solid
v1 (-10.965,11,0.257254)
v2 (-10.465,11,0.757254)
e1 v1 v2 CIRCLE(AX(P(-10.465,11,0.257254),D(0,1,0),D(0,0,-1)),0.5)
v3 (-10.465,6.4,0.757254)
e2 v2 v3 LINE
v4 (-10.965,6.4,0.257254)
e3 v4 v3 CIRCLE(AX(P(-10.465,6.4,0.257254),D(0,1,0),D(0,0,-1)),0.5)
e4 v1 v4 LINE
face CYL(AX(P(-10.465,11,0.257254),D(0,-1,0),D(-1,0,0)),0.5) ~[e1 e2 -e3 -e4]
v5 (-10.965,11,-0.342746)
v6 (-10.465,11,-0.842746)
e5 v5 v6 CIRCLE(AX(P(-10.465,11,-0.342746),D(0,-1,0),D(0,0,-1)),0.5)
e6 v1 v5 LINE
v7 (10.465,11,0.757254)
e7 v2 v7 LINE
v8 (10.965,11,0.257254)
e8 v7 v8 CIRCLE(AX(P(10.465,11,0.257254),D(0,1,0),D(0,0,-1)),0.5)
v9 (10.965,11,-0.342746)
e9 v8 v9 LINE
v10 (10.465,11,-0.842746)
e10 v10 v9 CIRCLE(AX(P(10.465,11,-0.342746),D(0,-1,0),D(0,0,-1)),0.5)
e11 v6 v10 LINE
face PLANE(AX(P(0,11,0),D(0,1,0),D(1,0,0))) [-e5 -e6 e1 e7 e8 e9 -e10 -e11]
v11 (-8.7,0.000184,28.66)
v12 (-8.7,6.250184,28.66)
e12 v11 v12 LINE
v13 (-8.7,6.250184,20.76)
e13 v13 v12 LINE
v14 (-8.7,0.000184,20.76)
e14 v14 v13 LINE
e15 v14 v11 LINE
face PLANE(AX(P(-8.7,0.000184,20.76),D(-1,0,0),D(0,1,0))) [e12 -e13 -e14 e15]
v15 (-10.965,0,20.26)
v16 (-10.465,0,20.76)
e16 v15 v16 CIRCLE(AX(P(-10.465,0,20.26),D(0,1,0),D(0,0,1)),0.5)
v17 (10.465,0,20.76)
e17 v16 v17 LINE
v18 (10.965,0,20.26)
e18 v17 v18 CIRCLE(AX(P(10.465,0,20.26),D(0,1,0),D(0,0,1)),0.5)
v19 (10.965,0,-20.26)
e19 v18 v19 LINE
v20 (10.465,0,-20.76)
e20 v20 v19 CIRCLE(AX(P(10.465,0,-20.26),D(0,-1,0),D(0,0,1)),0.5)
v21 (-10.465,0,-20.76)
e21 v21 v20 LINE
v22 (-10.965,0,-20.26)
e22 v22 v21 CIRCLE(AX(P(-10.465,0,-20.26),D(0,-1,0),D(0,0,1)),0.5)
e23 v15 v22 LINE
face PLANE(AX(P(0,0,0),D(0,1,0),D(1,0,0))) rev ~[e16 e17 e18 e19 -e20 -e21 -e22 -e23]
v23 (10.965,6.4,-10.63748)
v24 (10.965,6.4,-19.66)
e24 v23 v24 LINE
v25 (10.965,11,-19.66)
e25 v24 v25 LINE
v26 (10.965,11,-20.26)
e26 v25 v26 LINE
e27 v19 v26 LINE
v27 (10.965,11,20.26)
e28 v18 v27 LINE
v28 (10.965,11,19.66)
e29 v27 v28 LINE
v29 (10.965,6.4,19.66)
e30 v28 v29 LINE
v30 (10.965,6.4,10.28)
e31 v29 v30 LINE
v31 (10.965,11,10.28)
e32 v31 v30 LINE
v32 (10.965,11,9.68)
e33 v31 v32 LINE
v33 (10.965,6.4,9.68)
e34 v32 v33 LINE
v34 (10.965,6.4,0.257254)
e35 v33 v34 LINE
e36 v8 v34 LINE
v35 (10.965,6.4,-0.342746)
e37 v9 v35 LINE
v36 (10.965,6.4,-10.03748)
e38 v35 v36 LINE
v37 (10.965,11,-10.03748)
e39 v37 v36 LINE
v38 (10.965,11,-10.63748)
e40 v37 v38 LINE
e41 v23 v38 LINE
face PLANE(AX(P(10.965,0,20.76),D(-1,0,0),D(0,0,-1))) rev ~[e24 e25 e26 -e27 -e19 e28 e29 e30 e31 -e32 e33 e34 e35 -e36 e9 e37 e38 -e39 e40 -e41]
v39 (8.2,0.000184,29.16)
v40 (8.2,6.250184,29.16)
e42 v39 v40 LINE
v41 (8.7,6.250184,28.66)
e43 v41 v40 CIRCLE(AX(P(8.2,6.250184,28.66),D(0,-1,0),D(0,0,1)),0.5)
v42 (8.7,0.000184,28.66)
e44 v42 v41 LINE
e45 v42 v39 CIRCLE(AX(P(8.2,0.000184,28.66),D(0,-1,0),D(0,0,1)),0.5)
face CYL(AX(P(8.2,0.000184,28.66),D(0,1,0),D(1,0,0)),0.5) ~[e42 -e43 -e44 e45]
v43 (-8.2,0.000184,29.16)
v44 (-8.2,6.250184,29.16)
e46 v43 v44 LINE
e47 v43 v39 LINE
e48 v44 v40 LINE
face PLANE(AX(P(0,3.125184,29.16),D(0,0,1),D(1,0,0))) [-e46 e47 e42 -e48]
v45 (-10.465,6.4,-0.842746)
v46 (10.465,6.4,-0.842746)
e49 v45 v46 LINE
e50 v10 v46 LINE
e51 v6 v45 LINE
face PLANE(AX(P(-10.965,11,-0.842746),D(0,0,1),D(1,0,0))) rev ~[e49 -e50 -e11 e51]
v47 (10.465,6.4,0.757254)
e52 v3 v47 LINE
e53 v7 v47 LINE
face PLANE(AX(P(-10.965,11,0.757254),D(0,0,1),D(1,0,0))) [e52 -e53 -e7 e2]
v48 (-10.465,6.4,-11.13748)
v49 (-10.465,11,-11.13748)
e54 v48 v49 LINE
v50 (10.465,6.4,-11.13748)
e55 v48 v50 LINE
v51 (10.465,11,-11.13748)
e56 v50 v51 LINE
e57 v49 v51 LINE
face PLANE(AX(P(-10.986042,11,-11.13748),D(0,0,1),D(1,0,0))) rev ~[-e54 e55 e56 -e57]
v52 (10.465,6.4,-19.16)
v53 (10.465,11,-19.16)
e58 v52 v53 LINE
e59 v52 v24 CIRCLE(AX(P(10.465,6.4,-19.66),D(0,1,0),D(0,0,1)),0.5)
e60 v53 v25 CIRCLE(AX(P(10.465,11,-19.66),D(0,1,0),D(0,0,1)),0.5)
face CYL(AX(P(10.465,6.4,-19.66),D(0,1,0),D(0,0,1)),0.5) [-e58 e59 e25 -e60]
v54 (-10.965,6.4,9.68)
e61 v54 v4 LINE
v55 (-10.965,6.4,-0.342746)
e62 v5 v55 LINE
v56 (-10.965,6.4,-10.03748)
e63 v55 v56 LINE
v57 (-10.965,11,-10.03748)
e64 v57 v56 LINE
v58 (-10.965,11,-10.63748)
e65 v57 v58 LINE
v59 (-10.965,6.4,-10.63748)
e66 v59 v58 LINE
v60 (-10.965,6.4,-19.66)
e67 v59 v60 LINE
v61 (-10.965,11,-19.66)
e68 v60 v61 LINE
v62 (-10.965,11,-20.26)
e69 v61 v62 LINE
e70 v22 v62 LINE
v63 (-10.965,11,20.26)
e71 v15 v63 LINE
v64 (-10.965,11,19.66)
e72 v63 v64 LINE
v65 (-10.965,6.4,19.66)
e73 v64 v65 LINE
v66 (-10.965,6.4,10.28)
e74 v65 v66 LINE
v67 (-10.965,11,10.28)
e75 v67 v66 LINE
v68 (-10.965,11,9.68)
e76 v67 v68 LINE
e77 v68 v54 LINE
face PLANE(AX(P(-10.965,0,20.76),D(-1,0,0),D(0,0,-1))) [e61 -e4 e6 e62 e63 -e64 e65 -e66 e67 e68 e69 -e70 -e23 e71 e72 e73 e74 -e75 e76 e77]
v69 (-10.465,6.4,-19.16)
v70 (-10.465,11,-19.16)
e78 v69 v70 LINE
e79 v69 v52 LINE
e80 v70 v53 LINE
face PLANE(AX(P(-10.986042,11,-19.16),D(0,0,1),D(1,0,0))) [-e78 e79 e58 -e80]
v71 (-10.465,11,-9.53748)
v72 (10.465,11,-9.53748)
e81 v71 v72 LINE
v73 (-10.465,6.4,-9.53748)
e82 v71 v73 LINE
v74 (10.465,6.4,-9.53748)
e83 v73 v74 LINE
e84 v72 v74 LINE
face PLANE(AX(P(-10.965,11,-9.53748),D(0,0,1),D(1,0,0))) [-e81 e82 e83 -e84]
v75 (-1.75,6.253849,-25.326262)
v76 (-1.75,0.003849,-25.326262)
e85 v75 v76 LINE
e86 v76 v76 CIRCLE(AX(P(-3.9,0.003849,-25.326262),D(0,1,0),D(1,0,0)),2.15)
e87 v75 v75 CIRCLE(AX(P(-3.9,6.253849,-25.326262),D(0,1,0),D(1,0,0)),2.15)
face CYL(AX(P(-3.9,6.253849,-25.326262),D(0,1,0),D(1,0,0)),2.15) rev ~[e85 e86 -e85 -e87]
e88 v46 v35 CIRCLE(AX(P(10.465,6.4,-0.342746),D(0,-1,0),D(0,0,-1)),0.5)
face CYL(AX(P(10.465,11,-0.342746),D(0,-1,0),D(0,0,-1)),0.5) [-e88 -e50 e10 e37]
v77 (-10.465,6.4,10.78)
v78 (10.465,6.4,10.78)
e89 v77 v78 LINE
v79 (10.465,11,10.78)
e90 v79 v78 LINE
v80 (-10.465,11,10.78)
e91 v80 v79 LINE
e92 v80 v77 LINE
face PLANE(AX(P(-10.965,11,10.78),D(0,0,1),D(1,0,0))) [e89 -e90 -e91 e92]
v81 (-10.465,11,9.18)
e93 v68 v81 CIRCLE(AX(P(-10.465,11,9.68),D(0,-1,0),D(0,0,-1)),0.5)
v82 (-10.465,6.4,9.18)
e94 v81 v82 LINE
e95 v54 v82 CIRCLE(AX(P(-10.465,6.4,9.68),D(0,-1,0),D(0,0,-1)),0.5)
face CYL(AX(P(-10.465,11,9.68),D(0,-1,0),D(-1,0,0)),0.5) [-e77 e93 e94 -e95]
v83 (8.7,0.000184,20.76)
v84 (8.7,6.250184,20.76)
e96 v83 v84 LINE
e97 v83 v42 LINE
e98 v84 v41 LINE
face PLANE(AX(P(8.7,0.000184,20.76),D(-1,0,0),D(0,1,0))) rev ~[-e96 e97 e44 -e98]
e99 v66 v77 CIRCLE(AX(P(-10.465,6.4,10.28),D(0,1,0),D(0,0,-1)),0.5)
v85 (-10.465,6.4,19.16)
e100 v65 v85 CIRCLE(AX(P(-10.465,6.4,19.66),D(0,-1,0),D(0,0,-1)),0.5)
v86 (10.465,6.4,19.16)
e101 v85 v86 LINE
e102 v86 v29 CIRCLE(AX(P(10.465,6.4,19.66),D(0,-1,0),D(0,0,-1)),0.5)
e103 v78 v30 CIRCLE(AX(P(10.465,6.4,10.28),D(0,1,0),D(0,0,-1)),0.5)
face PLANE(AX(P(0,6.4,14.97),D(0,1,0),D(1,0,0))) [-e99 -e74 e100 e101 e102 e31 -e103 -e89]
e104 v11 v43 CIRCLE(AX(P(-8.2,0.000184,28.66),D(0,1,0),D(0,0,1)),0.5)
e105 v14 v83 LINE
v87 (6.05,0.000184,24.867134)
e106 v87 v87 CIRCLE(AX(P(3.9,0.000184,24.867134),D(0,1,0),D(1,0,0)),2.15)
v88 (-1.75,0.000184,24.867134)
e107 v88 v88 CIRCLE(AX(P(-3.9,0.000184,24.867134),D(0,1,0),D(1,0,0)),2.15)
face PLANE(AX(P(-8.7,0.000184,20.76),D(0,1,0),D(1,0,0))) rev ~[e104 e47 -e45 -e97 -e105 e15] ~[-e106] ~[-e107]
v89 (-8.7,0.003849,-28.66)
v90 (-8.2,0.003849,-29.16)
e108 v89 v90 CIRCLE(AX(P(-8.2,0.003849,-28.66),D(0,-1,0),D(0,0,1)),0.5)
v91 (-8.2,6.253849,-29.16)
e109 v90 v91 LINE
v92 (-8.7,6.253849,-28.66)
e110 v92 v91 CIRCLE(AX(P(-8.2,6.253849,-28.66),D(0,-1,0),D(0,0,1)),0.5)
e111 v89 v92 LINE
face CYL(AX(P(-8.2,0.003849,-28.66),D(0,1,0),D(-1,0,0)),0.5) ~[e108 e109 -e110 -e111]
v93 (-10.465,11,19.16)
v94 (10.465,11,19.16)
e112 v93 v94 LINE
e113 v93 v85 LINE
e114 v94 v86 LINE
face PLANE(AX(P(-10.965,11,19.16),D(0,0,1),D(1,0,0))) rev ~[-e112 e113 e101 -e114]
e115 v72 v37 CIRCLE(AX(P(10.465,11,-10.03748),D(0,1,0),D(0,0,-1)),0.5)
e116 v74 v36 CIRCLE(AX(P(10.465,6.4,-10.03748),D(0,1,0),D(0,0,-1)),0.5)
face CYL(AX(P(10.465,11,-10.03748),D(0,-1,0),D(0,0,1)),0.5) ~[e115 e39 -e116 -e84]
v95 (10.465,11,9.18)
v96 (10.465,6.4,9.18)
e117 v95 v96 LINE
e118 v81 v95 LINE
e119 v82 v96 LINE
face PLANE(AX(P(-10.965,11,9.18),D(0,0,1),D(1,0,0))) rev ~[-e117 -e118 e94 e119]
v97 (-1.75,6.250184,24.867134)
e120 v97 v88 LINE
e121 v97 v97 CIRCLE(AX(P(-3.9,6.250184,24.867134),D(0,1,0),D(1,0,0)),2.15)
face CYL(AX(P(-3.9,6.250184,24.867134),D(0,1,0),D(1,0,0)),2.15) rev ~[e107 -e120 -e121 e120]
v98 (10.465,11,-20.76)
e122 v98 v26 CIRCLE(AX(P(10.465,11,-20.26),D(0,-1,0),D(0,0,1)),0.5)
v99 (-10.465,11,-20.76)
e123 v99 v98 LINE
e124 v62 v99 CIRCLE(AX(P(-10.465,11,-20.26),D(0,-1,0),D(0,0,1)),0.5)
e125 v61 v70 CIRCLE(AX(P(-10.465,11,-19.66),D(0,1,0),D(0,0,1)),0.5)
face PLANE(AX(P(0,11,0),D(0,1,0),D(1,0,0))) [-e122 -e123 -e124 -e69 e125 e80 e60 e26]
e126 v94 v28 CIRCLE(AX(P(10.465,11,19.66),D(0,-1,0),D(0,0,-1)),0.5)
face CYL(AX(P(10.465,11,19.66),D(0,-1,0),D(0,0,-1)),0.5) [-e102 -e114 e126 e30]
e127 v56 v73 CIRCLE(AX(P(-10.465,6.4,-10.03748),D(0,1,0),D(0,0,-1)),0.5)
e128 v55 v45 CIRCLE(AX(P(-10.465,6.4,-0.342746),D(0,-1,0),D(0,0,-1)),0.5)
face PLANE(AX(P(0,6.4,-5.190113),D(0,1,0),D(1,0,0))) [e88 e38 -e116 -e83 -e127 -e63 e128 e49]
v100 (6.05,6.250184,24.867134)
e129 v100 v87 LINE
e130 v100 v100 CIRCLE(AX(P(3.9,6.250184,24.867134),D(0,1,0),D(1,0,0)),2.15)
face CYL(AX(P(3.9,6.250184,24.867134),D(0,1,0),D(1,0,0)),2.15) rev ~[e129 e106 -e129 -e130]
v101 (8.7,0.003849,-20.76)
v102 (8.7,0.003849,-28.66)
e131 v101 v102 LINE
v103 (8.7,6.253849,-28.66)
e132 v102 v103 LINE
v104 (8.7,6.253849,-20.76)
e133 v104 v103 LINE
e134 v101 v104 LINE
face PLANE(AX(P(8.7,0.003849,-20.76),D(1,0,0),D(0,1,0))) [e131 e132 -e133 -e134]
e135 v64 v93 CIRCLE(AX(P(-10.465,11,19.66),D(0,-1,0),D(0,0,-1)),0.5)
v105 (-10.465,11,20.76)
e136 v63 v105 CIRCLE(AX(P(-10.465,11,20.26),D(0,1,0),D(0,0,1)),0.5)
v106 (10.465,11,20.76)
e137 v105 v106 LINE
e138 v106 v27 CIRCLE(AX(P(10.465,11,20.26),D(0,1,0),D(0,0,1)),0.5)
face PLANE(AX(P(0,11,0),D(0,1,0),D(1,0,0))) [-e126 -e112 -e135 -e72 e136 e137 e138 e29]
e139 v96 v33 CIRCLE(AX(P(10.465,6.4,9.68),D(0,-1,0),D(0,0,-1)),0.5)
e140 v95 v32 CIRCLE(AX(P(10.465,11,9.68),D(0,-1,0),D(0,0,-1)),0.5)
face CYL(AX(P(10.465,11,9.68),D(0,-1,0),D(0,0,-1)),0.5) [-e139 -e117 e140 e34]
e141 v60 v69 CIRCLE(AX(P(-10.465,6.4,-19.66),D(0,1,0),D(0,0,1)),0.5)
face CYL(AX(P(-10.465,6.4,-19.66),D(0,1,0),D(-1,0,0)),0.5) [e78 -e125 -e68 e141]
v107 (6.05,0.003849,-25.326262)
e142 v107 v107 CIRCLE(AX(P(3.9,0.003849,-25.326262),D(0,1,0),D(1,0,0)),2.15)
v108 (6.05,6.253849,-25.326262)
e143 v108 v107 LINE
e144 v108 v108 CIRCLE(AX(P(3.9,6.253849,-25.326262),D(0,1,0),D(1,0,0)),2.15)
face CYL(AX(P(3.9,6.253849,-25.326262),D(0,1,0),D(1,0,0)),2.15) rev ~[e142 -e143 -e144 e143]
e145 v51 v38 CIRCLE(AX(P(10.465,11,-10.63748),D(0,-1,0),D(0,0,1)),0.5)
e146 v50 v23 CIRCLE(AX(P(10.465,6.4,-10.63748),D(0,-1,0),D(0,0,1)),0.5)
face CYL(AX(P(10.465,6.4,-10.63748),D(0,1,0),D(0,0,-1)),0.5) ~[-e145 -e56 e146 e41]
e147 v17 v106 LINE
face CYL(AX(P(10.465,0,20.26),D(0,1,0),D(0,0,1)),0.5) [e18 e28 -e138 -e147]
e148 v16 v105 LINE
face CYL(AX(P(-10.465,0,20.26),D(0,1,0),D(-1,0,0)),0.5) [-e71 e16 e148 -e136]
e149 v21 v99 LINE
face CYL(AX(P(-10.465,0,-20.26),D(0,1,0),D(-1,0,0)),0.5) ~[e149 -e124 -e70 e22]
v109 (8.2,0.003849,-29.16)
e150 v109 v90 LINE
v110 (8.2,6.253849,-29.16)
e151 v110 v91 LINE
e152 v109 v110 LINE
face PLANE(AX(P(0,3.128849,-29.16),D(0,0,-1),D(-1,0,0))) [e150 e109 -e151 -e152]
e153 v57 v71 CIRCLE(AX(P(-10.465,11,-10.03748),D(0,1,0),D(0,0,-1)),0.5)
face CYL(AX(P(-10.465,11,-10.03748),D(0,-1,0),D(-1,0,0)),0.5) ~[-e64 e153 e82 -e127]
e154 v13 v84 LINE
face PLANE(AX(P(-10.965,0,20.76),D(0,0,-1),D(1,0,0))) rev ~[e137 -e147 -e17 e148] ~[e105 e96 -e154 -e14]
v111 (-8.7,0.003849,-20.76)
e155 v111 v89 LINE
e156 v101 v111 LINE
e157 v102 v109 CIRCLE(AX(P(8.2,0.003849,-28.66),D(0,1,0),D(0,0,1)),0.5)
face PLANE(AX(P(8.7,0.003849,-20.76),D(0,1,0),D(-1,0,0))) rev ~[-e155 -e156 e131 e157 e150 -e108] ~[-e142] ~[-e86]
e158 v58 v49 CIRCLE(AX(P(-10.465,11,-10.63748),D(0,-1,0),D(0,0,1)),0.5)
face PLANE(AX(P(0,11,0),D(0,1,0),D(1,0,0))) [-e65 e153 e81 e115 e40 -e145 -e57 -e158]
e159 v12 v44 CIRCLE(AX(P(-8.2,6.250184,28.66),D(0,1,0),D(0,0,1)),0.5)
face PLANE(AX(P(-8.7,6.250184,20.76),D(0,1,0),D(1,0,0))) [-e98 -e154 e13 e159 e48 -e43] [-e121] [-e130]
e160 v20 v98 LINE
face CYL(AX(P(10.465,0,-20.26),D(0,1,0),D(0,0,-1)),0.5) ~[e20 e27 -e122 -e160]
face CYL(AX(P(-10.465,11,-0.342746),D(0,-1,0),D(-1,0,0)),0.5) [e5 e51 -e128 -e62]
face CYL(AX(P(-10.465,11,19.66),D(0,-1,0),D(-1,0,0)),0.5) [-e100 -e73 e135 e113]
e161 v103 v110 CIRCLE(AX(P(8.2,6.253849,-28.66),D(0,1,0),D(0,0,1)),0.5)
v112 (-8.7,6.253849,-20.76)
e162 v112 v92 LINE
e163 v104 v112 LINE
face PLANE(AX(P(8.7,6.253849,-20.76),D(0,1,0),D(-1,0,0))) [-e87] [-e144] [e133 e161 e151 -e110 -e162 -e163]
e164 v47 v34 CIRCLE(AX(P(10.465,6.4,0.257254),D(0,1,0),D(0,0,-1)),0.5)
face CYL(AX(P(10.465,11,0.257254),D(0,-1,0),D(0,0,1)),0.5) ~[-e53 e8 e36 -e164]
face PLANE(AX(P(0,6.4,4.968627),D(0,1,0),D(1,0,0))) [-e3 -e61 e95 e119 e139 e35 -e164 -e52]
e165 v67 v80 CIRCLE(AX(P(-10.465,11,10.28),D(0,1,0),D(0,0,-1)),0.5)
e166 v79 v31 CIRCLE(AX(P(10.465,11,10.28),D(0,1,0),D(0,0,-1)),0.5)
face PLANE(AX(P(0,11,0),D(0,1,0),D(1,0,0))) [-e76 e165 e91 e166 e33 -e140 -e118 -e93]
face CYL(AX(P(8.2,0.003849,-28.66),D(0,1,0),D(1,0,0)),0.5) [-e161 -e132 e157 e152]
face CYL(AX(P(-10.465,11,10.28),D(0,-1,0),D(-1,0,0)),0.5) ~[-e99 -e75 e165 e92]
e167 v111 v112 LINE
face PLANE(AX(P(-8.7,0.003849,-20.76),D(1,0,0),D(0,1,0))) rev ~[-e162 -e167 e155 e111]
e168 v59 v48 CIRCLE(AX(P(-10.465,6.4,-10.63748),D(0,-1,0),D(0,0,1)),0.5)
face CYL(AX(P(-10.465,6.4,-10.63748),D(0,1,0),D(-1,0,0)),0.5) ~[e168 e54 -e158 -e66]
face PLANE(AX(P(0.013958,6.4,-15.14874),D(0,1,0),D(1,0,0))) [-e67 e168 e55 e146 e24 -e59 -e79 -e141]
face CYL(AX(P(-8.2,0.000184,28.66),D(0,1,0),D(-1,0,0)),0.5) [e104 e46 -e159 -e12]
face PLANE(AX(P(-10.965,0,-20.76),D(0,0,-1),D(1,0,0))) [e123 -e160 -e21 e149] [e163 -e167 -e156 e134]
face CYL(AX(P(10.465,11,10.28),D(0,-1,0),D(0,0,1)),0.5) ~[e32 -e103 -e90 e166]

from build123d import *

# Parameters (mm, degrees)
SKETCH1_W           = 21.93
SKETCH1_H           = 41.52
BOSS_EXTRUDE2_DEPTH = 11
SKETCH3_W           = 21.93
SKETCH3_H           = 8.38
SKETCH3_H_2         = 8.42274565
SKETCH3_H_3         = 8.694734819
SKETCH3_W_2         = 22
SKETCH3_H_4         = 8.022519531
CUT_EXTRUDE2_DEPTH  = 4.6
BOSS_EXTRUDE3_START = 20.76
SKETCH5_W           = 17.4
SKETCH5_H           = 6.25
BOSS_EXTRUDE3_DEPTH = 8.4
SKETCH6_R           = 2.15
CUT_EXTRUDE3_DEPTH  = 8.4
SKETCH7_W           = 17.4
SKETCH7_H           = 6.25
BOSS_EXTRUDE4_DEPTH = 8.4
SKETCH9_R           = 2.15
CUT_EXTRUDE4_DEPTH  = 6.25
FILLET2_R           = 0.5


with BuildPart() as part:
    # Sketch1 → Boss-Extrude2 (new body)
    with BuildSketch(Plane(origin=(0, 0, 0), x_dir=(1, 0, 0), z_dir=(0, 1, 0))):
        Rectangle(SKETCH1_W, SKETCH1_H)
    extrude(amount=BOSS_EXTRUDE2_DEPTH)

    # Sketch3 → Cut-Extrude2 (cut)
    with BuildSketch(Plane(origin=(0, 11, 0), x_dir=(1, 0, 0), z_dir=(0, 1, 0))):
        with Locations((0, -14.97)):
            Rectangle(SKETCH3_W, SKETCH3_H)
        with Locations((0, -4.968627175)):
            Rectangle(SKETCH3_W, SKETCH3_H_2)
        with Locations((0, 5.190113059)):
            Rectangle(SKETCH3_W, SKETCH3_H_3)
        with Locations((0.013958332, 15.148740234)):
            Rectangle(SKETCH3_W_2, SKETCH3_H_4)
    extrude(amount=-CUT_EXTRUDE2_DEPTH, mode=Mode.SUBTRACT)

    # Sketch5 → Boss-Extrude3 (add)
    with BuildSketch(Plane.XY.offset(BOSS_EXTRUDE3_START)):
        with Locations((0, 3.125184184)):
            Rectangle(SKETCH5_W, SKETCH5_H)
    extrude(amount=BOSS_EXTRUDE3_DEPTH)

    # Sketch6 → Cut-Extrude3 (cut)
    with BuildSketch(Plane(origin=(0, 6.250184184, 0), x_dir=(1, 0, 0), z_dir=(0, 1, 0))):
        with Locations((-3.9, -24.867133618)):
            Circle(SKETCH6_R)
        with Locations((3.9, -24.867133618)):
            Circle(SKETCH6_R)
    extrude(amount=-CUT_EXTRUDE3_DEPTH, mode=Mode.SUBTRACT)

    # Sketch7 → Boss-Extrude4 (add)
    with BuildSketch(Plane(origin=(0, 0, -20.76), x_dir=(-1, 0, 0), z_dir=(0, 0, -1))):
        with Locations((0, 3.128849309)):
            Rectangle(SKETCH7_W, SKETCH7_H)
    extrude(amount=BOSS_EXTRUDE4_DEPTH)

    # Sketch9 → Cut-Extrude4 (cut)
    with BuildSketch(Plane(origin=(0, 6.253849309, 0), x_dir=(1, 0, 0), z_dir=(0, 1, 0))):
        with Locations((-3.9, 25.32626204)):
            Circle(SKETCH9_R)
        with Locations((3.9, 25.32626204)):
            Circle(SKETCH9_R)
    extrude(amount=-CUT_EXTRUDE4_DEPTH, mode=Mode.SUBTRACT)

    # Fillet2
    fillet2_edges = [part.edges().sort_by_distance(p)[0] for p in [
        (8.7, 3.128849309, -29.16),
        (-8.7, 3.128849309, -29.16),
        (-10.965, 8.7, 19.16),
        (-10.965, 8.7, 10.78),
        (10.965, 8.7, 10.78),
        (10.965, 8.7, 19.16),
        (-10.965, 8.7, 9.18),
        (-10.965, 8.7, 0.75725435),
        (10.965, 8.7, 0.75725435),
        (10.965, 8.7, 9.18),
        (-10.965, 8.7, -0.84274565),
        (-10.965, 8.7, -9.537480469),
        (10.965, 8.7, -9.537480469),
        (10.965, 8.7, -0.84274565),
        (10.965, 8.7, -19.16),
        (-10.965, 8.7, -19.16),
        (10.965, 8.7, -11.137480469),
        (-10.965, 8.7, -11.137480469),
        (10.965, 5.5, 20.76),
        (10.965, 5.5, -20.76),
        (-10.965, 5.5, -20.76),
        (-10.965, 5.5, 20.76),
        (-8.7, 3.125184184, 29.16),
        (8.7, 3.125184184, 29.16),
    ]]
    fillet(fillet2_edges, radius=FILLET2_R)


solid = part.part
